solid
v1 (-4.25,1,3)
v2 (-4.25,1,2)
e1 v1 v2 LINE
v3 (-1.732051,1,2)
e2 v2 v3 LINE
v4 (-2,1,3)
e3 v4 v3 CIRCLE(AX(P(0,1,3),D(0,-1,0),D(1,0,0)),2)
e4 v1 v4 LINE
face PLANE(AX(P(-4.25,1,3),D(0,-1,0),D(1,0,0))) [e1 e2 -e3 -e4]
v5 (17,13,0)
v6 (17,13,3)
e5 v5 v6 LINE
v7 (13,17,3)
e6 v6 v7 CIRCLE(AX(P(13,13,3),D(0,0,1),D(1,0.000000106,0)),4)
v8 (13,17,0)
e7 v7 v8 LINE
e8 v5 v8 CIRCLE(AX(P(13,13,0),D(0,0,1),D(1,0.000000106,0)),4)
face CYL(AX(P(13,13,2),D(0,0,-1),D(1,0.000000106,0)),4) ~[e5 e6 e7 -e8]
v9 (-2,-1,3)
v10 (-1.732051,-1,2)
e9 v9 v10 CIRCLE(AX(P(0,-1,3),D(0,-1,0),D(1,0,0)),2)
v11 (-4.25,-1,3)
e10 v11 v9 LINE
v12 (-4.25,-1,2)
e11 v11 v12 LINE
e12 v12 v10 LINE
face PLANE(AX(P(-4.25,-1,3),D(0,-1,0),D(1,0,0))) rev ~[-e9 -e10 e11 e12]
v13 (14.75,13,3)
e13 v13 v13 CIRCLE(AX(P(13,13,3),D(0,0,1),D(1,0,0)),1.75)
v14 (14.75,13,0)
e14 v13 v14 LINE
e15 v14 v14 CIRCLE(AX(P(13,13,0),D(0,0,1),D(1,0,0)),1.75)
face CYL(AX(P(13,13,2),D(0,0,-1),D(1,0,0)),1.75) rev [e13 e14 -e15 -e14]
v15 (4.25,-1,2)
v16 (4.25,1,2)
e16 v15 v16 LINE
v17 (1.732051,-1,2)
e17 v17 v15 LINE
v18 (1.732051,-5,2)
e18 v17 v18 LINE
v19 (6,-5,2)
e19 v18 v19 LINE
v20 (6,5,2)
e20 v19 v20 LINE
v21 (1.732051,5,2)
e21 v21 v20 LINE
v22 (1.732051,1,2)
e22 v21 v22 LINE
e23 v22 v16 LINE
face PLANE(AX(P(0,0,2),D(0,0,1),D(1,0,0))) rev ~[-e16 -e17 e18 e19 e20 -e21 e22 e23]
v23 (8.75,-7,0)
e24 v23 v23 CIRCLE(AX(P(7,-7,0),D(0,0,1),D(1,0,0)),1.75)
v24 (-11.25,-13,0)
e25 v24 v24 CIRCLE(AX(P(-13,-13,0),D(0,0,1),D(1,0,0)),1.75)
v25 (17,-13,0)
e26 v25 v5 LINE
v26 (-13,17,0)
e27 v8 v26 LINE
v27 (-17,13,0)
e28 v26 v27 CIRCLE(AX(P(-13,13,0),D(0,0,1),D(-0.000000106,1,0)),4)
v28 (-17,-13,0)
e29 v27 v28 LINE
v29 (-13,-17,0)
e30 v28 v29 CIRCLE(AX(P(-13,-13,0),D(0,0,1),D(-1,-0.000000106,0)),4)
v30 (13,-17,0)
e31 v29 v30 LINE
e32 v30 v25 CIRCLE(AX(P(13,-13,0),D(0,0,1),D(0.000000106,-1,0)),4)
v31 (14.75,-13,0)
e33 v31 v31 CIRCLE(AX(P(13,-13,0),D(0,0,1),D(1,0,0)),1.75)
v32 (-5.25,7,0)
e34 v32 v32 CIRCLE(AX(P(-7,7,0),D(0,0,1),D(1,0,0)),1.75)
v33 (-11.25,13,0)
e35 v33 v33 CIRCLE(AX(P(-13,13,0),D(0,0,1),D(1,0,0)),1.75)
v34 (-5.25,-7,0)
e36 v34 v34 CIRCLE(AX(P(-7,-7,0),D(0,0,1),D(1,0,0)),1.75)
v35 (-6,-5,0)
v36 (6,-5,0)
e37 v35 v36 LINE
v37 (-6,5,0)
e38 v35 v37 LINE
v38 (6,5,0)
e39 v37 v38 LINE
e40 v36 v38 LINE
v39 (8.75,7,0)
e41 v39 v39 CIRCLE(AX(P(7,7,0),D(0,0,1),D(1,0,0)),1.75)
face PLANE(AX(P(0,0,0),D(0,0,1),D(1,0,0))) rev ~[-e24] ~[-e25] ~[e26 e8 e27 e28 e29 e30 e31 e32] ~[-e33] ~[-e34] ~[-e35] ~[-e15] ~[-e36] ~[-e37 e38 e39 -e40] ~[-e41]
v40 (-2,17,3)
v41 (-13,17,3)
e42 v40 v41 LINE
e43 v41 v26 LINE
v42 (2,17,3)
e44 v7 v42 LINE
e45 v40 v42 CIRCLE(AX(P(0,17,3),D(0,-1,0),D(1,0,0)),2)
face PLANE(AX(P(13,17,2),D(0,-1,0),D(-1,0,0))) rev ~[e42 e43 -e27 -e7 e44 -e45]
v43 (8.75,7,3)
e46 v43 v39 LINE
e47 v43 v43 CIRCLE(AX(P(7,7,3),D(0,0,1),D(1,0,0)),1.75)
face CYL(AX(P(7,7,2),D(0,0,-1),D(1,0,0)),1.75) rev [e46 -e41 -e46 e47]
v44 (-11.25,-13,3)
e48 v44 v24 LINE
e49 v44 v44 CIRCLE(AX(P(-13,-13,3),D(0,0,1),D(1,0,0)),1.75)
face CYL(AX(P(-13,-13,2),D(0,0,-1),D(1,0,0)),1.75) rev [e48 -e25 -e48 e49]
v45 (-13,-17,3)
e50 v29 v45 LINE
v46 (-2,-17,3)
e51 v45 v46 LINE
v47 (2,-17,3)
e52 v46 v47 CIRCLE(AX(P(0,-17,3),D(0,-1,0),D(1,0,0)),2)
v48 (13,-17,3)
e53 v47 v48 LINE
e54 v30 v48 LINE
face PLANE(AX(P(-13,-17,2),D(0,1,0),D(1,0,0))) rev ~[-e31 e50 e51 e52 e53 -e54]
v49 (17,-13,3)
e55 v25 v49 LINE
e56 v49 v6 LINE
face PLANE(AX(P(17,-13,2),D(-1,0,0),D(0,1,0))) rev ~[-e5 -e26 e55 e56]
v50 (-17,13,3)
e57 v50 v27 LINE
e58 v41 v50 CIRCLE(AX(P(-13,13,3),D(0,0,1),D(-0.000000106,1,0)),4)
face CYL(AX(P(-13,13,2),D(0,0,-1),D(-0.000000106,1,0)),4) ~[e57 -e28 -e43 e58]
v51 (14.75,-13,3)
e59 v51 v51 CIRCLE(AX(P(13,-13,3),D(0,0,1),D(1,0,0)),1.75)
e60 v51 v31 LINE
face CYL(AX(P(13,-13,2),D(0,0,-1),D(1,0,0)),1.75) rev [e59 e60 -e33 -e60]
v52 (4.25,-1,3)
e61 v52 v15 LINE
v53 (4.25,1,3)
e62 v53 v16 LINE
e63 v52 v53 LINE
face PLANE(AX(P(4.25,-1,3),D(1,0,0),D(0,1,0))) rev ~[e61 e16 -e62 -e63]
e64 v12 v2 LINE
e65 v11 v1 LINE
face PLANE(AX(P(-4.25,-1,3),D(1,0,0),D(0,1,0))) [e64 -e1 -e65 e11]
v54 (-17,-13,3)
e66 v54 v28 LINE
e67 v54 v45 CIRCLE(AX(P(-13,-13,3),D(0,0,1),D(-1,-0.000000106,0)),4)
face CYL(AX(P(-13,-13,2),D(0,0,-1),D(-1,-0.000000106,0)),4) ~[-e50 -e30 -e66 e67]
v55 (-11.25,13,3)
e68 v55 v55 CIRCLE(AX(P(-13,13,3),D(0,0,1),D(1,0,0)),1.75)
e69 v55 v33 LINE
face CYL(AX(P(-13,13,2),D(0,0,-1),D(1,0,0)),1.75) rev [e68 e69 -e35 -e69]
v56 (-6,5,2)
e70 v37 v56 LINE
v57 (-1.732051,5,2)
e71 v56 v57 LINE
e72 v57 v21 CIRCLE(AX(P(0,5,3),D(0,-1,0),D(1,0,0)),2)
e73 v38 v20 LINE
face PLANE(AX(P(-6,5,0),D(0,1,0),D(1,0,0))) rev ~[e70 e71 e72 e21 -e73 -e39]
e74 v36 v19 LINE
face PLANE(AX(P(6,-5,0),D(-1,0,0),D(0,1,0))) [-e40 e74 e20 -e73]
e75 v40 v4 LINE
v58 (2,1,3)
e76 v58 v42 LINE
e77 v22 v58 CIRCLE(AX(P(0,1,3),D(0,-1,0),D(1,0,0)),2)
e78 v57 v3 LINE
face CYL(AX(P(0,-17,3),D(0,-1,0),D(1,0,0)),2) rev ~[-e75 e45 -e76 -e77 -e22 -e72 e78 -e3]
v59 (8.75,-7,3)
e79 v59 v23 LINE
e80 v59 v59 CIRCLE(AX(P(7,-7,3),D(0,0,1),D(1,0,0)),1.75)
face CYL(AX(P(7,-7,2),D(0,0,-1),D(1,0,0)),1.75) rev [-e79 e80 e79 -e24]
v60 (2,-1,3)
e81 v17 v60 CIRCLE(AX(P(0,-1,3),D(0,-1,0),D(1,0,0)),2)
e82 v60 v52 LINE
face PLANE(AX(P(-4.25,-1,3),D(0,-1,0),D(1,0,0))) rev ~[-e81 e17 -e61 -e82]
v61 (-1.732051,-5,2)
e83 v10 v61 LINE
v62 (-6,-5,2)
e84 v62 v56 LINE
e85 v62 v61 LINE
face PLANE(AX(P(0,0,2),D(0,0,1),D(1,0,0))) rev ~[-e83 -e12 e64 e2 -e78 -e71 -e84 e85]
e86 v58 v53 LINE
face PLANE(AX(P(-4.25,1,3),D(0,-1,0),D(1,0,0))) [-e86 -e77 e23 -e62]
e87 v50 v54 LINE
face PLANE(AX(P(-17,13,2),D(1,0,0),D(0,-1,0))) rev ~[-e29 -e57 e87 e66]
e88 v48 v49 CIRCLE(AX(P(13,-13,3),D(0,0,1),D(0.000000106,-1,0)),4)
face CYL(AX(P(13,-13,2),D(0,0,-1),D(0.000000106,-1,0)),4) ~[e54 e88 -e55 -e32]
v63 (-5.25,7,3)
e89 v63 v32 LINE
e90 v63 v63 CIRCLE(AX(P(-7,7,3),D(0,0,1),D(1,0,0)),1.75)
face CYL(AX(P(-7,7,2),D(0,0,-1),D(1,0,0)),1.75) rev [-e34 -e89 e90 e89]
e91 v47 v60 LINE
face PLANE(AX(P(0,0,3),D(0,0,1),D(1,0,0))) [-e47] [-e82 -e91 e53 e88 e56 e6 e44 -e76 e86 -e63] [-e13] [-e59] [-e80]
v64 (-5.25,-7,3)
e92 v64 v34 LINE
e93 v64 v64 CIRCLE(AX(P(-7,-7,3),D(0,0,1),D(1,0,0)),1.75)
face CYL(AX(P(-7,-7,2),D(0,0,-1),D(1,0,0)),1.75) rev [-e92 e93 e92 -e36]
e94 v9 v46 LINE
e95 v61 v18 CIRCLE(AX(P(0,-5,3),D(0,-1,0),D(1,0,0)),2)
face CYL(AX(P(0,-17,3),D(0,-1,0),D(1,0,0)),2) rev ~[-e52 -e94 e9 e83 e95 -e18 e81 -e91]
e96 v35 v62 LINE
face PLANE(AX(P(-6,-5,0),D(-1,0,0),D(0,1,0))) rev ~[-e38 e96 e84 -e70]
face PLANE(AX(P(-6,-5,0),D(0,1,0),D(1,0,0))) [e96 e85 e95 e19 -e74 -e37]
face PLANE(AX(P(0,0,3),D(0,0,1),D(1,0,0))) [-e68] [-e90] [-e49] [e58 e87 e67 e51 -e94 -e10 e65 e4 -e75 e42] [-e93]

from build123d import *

# Parameters (mm, degrees)
F0_R     = 1.75
F0_W     = 12
F0_H     = 10
F1_DEPTH = 2
F2_R     = 1.75
F3_DEPTH = 1
F4_R     = 2
F5_DEPTH = 34
F6_W     = 8.5
F6_H     = 2
F7_DEPTH = 5


with BuildPart() as f1:
    # F0 (on Top) → F1 (new body)
    with BuildSketch(Plane.XY):
        with BuildLine():
            ThreePointArc((-17, -13), (-15.828427, -15.828427), (-13, -17))
            Line((-13, -17), (13, -17))
            ThreePointArc((13, -17), (15.828427, -15.828427), (17, -13))
            Line((17, -13), (17, 13))
            ThreePointArc((17, 13), (15.828427, 15.828427), (13, 17))
            Line((13, 17), (-13, 17))
            ThreePointArc((-13, 17), (-15.828427, 15.828427), (-17, 13))
            Line((-17, 13), (-17, -13))
        make_face()
        with Locations((-13, -13)):
            Circle(F0_R, mode=Mode.SUBTRACT)
        with Locations((-7, -7)):
            Circle(F0_R, mode=Mode.SUBTRACT)
        with Locations((13, -13)):
            Circle(F0_R, mode=Mode.SUBTRACT)
        with Locations((7, -7)):
            Circle(F0_R, mode=Mode.SUBTRACT)
        with Locations((-7, 7)):
            Circle(F0_R, mode=Mode.SUBTRACT)
        with Locations((-13, 13)):
            Circle(F0_R, mode=Mode.SUBTRACT)
        Rectangle(F0_W, F0_H, mode=Mode.SUBTRACT)
        with Locations((7, 7)):
            Circle(F0_R, mode=Mode.SUBTRACT)
        with Locations((13, 13)):
            Circle(F0_R, mode=Mode.SUBTRACT)
    extrude(amount=F1_DEPTH)

    # F2 (on face) → F3 (join)
    with BuildSketch(Plane.XY.offset(2)):
        with BuildLine():
            ThreePointArc((-17, -13), (-15.828427, -15.828427), (-13, -17))
            Line((-13, -17), (13, -17))
            ThreePointArc((13, -17), (15.828427, -15.828427), (17, -13))
            Line((17, -13), (17, 13))
            ThreePointArc((17, 13), (15.828427, 15.828427), (13, 17))
            Line((13, 17), (-13, 17))
            ThreePointArc((-13, 17), (-15.828427, 15.828427), (-17, 13))
            Line((-17, 13), (-17, -13))
        make_face()
        with Locations((-13, -13)):
            Circle(F2_R, mode=Mode.SUBTRACT)
        with Locations((-7, -7)):
            Circle(F2_R, mode=Mode.SUBTRACT)
        with Locations((13, -13)):
            Circle(F2_R, mode=Mode.SUBTRACT)
        with Locations((7, -7)):
            Circle(F2_R, mode=Mode.SUBTRACT)
        with Locations((-7, 7)):
            Circle(F2_R, mode=Mode.SUBTRACT)
        with Locations((-13, 13)):
            Circle(F2_R, mode=Mode.SUBTRACT)
        with Locations((7, 7)):
            Circle(F2_R, mode=Mode.SUBTRACT)
        with Locations((13, 13)):
            Circle(F2_R, mode=Mode.SUBTRACT)
    extrude(amount=F3_DEPTH)


with BuildPart() as f5:
    # F4 (on face) → F5 (new body)
    with BuildSketch(Plane.XZ.offset(17)):
        with Locations((0, 3)):
            Circle(F4_R)
    extrude(amount=-F5_DEPTH)


with BuildPart() as f7:
    # F6 (on face) → F7 (new body)
    with BuildSketch(Plane.XY.offset(3)):
        Rectangle(F6_W, F6_H)
    extrude(amount=-F7_DEPTH)


with BuildPart() as f1_1:
    add(f1.part)

    # F8: cut F5, F7
    add(f5.part, mode=Mode.SUBTRACT)
    add(f7.part, mode=Mode.SUBTRACT)


solid = f1_1.part
